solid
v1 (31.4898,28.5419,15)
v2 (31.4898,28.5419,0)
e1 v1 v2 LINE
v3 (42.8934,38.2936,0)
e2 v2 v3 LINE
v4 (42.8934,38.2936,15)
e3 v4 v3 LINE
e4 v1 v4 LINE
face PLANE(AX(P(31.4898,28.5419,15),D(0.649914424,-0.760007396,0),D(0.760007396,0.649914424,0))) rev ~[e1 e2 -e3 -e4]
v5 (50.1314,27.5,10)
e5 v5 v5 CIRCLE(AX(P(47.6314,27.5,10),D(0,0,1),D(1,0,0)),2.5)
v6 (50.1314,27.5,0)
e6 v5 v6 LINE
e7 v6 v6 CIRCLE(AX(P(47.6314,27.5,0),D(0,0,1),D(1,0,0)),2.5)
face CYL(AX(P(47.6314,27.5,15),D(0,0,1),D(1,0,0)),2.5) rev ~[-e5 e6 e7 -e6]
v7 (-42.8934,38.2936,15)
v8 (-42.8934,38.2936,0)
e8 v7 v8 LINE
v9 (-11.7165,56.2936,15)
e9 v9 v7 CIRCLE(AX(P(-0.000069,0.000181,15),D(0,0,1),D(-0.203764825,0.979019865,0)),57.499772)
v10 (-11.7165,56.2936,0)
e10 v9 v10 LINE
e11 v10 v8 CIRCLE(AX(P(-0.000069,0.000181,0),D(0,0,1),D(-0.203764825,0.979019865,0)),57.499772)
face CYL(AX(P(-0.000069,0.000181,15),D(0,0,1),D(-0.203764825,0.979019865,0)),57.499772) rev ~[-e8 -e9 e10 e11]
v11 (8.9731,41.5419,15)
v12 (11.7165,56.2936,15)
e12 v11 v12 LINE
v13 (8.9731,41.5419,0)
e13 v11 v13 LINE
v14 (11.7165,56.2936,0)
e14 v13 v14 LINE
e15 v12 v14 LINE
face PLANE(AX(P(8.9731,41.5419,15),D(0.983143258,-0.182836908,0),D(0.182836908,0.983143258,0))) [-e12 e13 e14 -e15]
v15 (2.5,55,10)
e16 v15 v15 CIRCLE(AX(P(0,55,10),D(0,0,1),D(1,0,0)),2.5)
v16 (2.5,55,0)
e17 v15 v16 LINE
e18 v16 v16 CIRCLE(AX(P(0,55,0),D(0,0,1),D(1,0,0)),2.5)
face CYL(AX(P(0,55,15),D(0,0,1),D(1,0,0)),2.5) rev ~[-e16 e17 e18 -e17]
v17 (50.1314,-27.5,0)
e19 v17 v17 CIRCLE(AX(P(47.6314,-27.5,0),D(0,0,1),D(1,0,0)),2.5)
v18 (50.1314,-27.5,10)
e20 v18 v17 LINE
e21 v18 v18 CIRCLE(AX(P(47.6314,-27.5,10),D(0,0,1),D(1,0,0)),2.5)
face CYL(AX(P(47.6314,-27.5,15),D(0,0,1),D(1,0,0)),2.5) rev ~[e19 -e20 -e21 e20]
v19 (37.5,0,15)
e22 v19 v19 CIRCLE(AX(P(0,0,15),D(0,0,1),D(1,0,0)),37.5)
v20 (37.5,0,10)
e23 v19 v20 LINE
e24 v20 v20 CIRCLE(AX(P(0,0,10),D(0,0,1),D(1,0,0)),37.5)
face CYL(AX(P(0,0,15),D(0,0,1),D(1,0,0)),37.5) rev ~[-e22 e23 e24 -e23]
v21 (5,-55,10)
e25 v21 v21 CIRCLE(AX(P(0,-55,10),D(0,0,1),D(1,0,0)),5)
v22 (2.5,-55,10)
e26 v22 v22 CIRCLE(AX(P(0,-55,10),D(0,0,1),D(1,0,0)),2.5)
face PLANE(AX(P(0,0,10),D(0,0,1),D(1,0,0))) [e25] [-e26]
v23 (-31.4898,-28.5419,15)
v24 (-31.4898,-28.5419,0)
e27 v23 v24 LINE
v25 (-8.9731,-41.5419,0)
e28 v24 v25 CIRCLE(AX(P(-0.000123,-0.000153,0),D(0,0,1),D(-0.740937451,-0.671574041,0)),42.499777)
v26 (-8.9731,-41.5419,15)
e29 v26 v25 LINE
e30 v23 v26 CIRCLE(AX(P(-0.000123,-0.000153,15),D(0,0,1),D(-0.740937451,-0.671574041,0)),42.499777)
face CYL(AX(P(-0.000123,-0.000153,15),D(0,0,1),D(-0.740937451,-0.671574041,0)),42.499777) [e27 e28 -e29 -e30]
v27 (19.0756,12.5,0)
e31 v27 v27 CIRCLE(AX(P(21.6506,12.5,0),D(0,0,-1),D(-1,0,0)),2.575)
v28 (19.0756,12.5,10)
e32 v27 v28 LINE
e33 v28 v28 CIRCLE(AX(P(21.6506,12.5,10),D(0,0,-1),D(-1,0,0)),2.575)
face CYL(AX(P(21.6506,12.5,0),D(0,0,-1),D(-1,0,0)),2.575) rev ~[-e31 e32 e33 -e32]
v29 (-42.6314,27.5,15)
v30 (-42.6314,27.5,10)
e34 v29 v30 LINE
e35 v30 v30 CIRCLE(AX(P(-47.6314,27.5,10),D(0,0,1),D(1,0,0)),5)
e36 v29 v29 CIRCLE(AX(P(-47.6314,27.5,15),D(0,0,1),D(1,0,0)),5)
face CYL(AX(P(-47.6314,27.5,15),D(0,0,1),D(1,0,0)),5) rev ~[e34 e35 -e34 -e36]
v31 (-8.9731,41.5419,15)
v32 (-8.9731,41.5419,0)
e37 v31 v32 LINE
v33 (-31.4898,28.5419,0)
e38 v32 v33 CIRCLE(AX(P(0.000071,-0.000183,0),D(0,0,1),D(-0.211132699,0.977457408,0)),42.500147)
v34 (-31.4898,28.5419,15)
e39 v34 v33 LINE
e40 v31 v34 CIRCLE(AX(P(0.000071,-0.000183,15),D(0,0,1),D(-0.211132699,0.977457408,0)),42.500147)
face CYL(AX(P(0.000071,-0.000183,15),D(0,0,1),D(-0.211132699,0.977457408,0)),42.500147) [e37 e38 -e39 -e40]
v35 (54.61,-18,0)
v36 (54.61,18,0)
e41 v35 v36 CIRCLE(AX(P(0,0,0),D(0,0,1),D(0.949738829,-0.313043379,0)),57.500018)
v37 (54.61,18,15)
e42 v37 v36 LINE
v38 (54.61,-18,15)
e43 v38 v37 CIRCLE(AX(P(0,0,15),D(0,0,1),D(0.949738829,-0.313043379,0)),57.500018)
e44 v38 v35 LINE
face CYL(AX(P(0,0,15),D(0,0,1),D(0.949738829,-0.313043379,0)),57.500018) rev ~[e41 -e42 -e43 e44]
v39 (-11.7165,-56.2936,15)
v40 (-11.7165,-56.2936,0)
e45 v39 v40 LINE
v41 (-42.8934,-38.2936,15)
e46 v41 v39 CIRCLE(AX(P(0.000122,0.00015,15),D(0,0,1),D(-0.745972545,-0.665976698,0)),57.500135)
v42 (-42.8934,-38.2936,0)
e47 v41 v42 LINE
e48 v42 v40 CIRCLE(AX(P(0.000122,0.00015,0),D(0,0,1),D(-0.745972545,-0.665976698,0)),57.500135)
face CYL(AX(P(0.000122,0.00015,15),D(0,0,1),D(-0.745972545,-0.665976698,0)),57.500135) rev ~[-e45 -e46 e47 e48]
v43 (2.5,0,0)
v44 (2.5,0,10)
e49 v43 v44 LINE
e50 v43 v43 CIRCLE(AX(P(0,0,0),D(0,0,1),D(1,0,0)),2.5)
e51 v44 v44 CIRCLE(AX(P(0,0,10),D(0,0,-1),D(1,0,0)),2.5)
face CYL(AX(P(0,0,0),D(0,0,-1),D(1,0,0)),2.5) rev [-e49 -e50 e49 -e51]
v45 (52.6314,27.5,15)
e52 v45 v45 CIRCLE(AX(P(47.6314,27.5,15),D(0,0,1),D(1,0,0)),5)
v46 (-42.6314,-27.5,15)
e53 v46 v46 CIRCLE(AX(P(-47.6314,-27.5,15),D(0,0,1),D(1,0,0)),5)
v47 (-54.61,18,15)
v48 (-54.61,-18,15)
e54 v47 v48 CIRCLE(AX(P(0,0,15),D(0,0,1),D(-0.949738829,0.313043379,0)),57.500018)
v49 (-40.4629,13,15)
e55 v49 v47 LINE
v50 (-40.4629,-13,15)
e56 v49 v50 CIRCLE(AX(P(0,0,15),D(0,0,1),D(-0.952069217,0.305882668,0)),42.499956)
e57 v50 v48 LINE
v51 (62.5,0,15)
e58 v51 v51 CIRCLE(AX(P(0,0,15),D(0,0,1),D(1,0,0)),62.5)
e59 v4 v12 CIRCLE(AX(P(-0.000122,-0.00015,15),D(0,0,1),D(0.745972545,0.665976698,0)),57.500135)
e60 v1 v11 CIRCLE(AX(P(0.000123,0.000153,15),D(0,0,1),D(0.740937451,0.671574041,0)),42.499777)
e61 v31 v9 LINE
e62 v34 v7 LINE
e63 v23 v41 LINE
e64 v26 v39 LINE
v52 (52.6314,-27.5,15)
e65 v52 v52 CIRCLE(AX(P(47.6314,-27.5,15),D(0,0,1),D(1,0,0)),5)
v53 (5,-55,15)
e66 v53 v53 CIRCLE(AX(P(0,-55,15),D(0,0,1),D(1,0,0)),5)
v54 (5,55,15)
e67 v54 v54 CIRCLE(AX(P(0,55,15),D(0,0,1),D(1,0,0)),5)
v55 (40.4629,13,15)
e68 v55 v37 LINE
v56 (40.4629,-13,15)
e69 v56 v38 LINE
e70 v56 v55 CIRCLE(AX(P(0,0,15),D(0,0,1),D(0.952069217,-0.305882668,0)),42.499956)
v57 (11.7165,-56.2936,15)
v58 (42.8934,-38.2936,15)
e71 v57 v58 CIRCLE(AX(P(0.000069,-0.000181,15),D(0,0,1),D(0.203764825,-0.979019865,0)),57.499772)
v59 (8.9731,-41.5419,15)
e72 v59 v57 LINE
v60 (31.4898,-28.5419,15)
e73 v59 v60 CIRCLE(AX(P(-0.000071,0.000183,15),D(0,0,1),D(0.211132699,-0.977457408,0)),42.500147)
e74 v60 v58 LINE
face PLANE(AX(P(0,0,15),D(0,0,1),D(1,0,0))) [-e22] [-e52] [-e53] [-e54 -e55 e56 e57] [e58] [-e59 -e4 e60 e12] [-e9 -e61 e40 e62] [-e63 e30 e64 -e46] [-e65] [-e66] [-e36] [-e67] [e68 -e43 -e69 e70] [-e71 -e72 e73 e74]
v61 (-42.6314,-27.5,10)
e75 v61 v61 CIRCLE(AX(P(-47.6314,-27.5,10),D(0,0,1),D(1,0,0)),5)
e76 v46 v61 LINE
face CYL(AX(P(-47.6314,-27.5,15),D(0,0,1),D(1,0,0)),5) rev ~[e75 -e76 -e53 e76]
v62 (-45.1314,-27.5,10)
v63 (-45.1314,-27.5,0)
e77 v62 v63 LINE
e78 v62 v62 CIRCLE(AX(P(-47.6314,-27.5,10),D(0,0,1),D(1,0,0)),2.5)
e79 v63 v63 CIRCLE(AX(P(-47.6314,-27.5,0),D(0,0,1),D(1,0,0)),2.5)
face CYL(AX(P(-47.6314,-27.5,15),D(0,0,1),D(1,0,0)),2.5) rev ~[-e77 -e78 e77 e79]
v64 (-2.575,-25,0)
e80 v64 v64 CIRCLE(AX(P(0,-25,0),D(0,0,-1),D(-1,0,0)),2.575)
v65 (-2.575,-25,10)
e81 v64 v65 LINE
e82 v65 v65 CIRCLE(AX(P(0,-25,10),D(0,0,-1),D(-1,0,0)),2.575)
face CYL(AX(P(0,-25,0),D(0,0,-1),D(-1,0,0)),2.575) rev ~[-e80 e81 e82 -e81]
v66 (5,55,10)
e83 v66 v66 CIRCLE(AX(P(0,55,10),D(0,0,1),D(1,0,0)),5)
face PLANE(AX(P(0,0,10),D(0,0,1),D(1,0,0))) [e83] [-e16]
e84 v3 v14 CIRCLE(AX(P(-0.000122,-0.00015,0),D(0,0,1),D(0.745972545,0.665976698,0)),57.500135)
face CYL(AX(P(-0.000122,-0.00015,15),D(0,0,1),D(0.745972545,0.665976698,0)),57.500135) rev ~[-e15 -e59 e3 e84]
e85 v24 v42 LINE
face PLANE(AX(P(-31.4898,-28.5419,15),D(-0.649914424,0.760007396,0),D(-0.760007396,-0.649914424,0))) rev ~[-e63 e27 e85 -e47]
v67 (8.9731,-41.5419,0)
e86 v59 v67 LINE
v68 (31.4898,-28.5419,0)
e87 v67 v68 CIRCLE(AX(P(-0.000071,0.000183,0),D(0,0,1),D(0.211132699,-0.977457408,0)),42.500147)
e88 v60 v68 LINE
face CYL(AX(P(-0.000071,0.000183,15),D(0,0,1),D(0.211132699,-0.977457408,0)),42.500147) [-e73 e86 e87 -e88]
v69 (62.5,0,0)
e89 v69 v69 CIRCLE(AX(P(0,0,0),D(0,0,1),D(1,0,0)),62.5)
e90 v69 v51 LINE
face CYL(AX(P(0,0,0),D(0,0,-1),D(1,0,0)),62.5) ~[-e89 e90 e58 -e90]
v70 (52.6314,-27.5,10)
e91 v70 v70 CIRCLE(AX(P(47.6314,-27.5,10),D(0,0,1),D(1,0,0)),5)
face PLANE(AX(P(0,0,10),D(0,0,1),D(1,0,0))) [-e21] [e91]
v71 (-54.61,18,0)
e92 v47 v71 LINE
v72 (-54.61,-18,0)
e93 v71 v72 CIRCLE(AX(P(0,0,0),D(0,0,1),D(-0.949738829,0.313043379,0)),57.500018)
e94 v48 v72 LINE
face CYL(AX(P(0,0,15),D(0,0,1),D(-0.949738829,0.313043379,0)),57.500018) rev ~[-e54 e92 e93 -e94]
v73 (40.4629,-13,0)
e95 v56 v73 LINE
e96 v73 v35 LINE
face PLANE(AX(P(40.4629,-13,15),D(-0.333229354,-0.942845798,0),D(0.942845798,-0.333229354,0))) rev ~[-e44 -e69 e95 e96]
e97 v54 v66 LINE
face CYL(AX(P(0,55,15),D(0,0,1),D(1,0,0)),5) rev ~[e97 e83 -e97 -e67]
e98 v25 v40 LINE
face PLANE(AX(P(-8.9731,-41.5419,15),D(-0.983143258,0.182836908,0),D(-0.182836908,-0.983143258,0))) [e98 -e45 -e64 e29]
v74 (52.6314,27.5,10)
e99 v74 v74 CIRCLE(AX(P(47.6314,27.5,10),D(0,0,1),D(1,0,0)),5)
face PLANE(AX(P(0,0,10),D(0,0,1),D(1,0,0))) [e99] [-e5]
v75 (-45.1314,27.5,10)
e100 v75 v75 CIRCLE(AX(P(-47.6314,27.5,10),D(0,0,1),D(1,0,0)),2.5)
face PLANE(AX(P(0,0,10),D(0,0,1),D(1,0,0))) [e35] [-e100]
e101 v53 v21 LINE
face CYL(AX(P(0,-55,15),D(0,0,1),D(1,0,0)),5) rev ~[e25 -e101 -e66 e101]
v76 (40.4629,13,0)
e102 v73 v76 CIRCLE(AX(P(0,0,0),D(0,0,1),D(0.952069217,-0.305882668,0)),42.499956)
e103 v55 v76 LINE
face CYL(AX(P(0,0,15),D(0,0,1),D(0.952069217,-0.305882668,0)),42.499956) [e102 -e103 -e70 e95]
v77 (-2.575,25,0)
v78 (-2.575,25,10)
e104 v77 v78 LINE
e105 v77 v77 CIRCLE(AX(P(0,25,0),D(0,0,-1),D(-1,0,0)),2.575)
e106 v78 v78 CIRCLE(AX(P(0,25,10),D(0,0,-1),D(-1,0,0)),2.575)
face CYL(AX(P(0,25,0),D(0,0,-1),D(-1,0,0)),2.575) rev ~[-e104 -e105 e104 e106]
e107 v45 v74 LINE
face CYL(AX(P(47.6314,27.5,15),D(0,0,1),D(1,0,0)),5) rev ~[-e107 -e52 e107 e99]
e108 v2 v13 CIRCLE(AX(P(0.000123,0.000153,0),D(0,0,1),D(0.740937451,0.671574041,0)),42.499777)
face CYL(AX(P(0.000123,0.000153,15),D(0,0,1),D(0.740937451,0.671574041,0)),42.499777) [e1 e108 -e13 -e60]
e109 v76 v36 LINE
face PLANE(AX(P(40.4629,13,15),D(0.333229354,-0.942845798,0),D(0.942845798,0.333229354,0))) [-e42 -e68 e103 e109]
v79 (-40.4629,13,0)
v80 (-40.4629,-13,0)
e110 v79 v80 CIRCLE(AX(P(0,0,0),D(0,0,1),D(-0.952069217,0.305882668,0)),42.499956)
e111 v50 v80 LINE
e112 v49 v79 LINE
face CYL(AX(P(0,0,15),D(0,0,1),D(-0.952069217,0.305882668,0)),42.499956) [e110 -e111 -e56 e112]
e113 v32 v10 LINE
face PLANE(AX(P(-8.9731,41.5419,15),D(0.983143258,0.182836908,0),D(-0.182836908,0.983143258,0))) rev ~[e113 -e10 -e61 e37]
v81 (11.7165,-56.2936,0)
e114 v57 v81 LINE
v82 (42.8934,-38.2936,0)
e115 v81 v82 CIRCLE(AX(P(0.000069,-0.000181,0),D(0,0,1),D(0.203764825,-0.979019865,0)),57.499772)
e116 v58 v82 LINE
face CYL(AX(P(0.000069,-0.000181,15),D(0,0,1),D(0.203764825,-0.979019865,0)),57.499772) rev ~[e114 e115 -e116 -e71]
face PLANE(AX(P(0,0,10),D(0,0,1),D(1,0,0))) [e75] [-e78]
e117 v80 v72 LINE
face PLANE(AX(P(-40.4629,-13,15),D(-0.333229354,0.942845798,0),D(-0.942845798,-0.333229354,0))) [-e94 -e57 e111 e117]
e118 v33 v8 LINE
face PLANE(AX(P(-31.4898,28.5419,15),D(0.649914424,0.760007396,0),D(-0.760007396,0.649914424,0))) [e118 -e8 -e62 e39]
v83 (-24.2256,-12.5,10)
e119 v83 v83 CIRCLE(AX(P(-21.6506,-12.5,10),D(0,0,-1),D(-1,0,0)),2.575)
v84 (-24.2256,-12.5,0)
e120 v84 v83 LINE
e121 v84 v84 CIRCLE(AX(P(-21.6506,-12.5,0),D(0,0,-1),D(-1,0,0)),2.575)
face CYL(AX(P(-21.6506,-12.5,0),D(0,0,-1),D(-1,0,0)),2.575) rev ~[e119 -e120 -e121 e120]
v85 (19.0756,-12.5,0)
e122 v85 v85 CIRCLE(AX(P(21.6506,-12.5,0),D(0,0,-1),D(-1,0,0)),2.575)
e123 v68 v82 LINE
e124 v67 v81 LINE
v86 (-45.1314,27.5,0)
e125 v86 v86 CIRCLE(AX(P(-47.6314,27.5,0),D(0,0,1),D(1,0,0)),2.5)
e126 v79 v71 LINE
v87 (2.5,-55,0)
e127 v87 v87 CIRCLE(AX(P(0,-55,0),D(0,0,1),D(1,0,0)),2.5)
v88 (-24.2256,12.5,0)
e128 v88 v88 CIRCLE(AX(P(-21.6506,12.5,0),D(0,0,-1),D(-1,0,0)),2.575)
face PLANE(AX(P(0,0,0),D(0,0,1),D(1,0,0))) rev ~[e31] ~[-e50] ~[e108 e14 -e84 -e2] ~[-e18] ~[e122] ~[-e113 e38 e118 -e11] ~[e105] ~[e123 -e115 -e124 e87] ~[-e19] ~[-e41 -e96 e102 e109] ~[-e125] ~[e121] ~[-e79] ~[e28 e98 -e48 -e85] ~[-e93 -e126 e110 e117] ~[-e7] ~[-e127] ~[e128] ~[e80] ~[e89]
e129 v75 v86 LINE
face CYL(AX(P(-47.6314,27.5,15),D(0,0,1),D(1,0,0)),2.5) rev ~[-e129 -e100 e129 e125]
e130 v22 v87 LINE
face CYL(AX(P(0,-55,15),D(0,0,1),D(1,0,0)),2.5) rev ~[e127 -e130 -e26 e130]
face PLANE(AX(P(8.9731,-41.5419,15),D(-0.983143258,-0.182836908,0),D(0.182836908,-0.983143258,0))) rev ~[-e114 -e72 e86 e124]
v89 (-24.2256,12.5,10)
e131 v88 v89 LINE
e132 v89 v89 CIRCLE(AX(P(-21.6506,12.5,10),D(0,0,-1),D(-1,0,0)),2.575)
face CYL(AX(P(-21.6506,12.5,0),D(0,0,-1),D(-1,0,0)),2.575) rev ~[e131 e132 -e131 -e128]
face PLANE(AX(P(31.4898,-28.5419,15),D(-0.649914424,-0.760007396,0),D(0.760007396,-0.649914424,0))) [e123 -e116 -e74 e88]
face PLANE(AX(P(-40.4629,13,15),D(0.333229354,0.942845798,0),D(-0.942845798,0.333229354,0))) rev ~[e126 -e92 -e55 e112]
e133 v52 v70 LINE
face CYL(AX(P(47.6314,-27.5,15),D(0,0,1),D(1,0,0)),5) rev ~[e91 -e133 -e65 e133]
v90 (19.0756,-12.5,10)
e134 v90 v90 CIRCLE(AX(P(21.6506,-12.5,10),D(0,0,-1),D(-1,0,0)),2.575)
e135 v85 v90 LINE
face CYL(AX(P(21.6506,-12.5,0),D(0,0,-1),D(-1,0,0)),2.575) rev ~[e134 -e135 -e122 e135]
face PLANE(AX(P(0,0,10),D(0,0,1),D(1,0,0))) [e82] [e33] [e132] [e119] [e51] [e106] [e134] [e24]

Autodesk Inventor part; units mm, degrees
ref_plane "YZ Plane" through (0, 0, 0) normal (1, 0, 0) x (0, 1, 0)
ref_plane "XZ Plane" through (0, 0, 0) normal (0, 1, 0) x (-1, 0, 0)
ref_plane "XY Plane" through (0, 0, 0) normal (0, 0, 1) x (1, 0, 0)
sketch "Sketch2" plane through (0, 0, 0) normal (0, 0, 1) x (1, 0, 0)
  circle A0 centre (0, 0) radius 62.5
  circle A1 centre (0, 0) radius 2.5
  dimension "d0" = 125
  dimension "d1" = 5
extrude "Extrusion1" add sketch "Sketch2" along normal blind 15
sketch "Sketch4" plane through (0, 0, 0) normal (0, 0, -1) x (-1, 0, 0)
  circle A0 centre (0, 25) radius 2.575
  circle A1 centre (-21.6506, 12.5) radius 2.575
  circle A2 centre (-21.6506, -12.5) radius 2.575
  circle A3 centre (0, -25) radius 2.575
  circle A4 centre (21.6506, -12.5) radius 2.575
  circle A5 centre (21.6506, 12.5) radius 2.575
  point P0 (0, 0)
  dimension "d8" = 5.15
  dimension "d9" = 25
  dimension "d12" = 360
extrude "Extrusion3" cut sketch "Sketch4" against normal through all
sketch "Sketch5" plane through (0, 0, 15) normal (0, 0, 1) x (1, 0, 0)
  circle A0 centre (0, 0) radius 37.5
  dimension "d16" = 75
extrude "Extrusion4" cut sketch "Sketch5" against normal blind 5
sketch "Sketch6" plane through (0, 0, 15) normal (0, 0, 1) x (1, 0, 0)
  circle A0 centre (0, 55) radius 2.5
  circle A1 centre (-47.6314, 27.5) radius 2.5
  circle A2 centre (-47.6314, -27.5) radius 2.5
  circle A3 centre (0, -55) radius 2.5
  circle A4 centre (47.6314, -27.5) radius 2.5
  circle A5 centre (47.6314, 27.5) radius 2.5
  point P0 (0, 0)
  dimension "d19" = 5
  dimension "d20" = 55
  dimension "d23" = 360
extrude "Extrusion5" cut sketch "Sketch6" against normal through all
sketch "Sketch8" plane through (0, 0, 15) normal (0, 0, 1) x (1, 0, 0)
  circle A0 centre (0, 0) radius 37.5 projected
  circle A1 centre (0, 0) radius 62.5 projected
  circle A2 centre (0, 55) radius 2.5 projected
  circle A3 centre (0, 55) radius 5
  circle A4 centre (-47.6314, 27.5) radius 5
  circle A5 centre (-47.6314, -27.5) radius 5
  circle A6 centre (0, -55) radius 5
  circle A7 centre (47.6314, -27.5) radius 5
  circle A8 centre (47.6314, 27.5) radius 5
  point P0 (-56.2917, 32.5)
  point P1 (-56.2917, -32.5)
  point P2 (0, -65)
  point P3 (56.2917, -32.5)
  point P4 (56.2917, 32.5)
  dimension "d28" = 10
  dimension "d31" = 360
extrude "Extrusion6" cut sketch "Sketch8" against normal blind 5 contours A2 | A3 | A4 | A5 | A6 | A7 | A8
sketch "Sketch9" plane through (0, 0, 15) normal (0, 0, 1) x (1, 0, 0)
  circle A0 centre (0, 0) radius 2.5 construction
  circle A1 centre (0, 0) radius 42.5 construction
  circle A2 centre (0, 0) radius 57.5 construction
  line L0 (40.4629, 13) -> (54.61, 18)
  line L1 (40.4629, -13) -> (54.61, -18)
  line L2 (0, 0) -> (92.9665, 0) construction
  arc A3 (40.4629, -13) -> (40.4629, 13) centre (0, 0) ccw
  arc A4 (54.61, -18) -> (54.61, 18) centre (0, 0) ccw
  circle A5 centre (0, 0) radius 42.5 construction
  line L3 (8.9731, 41.5419) -> (11.7165, 56.2936)
  arc A6 (31.4898, 28.5419) -> (8.9731, 41.5419) centre (0, 0) ccw
  line L4 (31.4898, 28.5419) -> (42.8934, 38.2936)
  circle A7 centre (0, 0) radius 57.5 construction
  arc A8 (42.8934, 38.2936) -> (11.7165, 56.2936) centre (0, 0) ccw
  circle A9 centre (0, 0) radius 42.5 construction
  line L5 (-31.4898, 28.5419) -> (-42.8934, 38.2936)
  arc A10 (-8.9731, 41.5419) -> (-31.4898, 28.5419) centre (0, 0) ccw
  line L6 (-8.9731, 41.5419) -> (-11.7165, 56.2936)
  circle A11 centre (0, 0) radius 57.5 construction
  arc A12 (-11.7165, 56.2936) -> (-42.8934, 38.2936) centre (0, 0) ccw
  circle A13 centre (0, 0) radius 42.5 construction
  line L7 (-40.4629, -13) -> (-54.61, -18)
  arc A14 (-40.4629, 13) -> (-40.4629, -13) centre (0, 0) ccw
  line L8 (-40.4629, 13) -> (-54.61, 18)
  circle A15 centre (0, 0) radius 57.5 construction
  arc A16 (-54.61, 18) -> (-54.61, -18) centre (0, 0) ccw
  circle A17 centre (0, 0) radius 42.5 construction
  line L9 (-8.9731, -41.5419) -> (-11.7165, -56.2936)
  arc A18 (-31.4898, -28.5419) -> (-8.9731, -41.5419) centre (0, 0) ccw
  line L10 (-31.4898, -28.5419) -> (-42.8934, -38.2936)
  circle A19 centre (0, 0) radius 57.5 construction
  arc A20 (-42.8934, -38.2936) -> (-11.7165, -56.2936) centre (0, 0) ccw
  circle A21 centre (0, 0) radius 42.5 construction
  line L11 (31.4898, -28.5419) -> (42.8934, -38.2936)
  arc A22 (8.9731, -41.5419) -> (31.4898, -28.5419) centre (0, 0) ccw
  line L12 (8.9731, -41.5419) -> (11.7165, -56.2936)
  circle A23 centre (0, 0) radius 57.5 construction
  arc A24 (11.7165, -56.2936) -> (42.8934, -38.2936) centre (0, 0) ccw
  dimension "d35" = 85
  dimension "d36" = 115
  dimension "d37" = 13
  dimension "d38" = 18
  dimension "d41" = 360
extrude "Extrusion7" cut sketch "Sketch9" against normal through all
properties part number "SJ002" material "ABS Plastic"
